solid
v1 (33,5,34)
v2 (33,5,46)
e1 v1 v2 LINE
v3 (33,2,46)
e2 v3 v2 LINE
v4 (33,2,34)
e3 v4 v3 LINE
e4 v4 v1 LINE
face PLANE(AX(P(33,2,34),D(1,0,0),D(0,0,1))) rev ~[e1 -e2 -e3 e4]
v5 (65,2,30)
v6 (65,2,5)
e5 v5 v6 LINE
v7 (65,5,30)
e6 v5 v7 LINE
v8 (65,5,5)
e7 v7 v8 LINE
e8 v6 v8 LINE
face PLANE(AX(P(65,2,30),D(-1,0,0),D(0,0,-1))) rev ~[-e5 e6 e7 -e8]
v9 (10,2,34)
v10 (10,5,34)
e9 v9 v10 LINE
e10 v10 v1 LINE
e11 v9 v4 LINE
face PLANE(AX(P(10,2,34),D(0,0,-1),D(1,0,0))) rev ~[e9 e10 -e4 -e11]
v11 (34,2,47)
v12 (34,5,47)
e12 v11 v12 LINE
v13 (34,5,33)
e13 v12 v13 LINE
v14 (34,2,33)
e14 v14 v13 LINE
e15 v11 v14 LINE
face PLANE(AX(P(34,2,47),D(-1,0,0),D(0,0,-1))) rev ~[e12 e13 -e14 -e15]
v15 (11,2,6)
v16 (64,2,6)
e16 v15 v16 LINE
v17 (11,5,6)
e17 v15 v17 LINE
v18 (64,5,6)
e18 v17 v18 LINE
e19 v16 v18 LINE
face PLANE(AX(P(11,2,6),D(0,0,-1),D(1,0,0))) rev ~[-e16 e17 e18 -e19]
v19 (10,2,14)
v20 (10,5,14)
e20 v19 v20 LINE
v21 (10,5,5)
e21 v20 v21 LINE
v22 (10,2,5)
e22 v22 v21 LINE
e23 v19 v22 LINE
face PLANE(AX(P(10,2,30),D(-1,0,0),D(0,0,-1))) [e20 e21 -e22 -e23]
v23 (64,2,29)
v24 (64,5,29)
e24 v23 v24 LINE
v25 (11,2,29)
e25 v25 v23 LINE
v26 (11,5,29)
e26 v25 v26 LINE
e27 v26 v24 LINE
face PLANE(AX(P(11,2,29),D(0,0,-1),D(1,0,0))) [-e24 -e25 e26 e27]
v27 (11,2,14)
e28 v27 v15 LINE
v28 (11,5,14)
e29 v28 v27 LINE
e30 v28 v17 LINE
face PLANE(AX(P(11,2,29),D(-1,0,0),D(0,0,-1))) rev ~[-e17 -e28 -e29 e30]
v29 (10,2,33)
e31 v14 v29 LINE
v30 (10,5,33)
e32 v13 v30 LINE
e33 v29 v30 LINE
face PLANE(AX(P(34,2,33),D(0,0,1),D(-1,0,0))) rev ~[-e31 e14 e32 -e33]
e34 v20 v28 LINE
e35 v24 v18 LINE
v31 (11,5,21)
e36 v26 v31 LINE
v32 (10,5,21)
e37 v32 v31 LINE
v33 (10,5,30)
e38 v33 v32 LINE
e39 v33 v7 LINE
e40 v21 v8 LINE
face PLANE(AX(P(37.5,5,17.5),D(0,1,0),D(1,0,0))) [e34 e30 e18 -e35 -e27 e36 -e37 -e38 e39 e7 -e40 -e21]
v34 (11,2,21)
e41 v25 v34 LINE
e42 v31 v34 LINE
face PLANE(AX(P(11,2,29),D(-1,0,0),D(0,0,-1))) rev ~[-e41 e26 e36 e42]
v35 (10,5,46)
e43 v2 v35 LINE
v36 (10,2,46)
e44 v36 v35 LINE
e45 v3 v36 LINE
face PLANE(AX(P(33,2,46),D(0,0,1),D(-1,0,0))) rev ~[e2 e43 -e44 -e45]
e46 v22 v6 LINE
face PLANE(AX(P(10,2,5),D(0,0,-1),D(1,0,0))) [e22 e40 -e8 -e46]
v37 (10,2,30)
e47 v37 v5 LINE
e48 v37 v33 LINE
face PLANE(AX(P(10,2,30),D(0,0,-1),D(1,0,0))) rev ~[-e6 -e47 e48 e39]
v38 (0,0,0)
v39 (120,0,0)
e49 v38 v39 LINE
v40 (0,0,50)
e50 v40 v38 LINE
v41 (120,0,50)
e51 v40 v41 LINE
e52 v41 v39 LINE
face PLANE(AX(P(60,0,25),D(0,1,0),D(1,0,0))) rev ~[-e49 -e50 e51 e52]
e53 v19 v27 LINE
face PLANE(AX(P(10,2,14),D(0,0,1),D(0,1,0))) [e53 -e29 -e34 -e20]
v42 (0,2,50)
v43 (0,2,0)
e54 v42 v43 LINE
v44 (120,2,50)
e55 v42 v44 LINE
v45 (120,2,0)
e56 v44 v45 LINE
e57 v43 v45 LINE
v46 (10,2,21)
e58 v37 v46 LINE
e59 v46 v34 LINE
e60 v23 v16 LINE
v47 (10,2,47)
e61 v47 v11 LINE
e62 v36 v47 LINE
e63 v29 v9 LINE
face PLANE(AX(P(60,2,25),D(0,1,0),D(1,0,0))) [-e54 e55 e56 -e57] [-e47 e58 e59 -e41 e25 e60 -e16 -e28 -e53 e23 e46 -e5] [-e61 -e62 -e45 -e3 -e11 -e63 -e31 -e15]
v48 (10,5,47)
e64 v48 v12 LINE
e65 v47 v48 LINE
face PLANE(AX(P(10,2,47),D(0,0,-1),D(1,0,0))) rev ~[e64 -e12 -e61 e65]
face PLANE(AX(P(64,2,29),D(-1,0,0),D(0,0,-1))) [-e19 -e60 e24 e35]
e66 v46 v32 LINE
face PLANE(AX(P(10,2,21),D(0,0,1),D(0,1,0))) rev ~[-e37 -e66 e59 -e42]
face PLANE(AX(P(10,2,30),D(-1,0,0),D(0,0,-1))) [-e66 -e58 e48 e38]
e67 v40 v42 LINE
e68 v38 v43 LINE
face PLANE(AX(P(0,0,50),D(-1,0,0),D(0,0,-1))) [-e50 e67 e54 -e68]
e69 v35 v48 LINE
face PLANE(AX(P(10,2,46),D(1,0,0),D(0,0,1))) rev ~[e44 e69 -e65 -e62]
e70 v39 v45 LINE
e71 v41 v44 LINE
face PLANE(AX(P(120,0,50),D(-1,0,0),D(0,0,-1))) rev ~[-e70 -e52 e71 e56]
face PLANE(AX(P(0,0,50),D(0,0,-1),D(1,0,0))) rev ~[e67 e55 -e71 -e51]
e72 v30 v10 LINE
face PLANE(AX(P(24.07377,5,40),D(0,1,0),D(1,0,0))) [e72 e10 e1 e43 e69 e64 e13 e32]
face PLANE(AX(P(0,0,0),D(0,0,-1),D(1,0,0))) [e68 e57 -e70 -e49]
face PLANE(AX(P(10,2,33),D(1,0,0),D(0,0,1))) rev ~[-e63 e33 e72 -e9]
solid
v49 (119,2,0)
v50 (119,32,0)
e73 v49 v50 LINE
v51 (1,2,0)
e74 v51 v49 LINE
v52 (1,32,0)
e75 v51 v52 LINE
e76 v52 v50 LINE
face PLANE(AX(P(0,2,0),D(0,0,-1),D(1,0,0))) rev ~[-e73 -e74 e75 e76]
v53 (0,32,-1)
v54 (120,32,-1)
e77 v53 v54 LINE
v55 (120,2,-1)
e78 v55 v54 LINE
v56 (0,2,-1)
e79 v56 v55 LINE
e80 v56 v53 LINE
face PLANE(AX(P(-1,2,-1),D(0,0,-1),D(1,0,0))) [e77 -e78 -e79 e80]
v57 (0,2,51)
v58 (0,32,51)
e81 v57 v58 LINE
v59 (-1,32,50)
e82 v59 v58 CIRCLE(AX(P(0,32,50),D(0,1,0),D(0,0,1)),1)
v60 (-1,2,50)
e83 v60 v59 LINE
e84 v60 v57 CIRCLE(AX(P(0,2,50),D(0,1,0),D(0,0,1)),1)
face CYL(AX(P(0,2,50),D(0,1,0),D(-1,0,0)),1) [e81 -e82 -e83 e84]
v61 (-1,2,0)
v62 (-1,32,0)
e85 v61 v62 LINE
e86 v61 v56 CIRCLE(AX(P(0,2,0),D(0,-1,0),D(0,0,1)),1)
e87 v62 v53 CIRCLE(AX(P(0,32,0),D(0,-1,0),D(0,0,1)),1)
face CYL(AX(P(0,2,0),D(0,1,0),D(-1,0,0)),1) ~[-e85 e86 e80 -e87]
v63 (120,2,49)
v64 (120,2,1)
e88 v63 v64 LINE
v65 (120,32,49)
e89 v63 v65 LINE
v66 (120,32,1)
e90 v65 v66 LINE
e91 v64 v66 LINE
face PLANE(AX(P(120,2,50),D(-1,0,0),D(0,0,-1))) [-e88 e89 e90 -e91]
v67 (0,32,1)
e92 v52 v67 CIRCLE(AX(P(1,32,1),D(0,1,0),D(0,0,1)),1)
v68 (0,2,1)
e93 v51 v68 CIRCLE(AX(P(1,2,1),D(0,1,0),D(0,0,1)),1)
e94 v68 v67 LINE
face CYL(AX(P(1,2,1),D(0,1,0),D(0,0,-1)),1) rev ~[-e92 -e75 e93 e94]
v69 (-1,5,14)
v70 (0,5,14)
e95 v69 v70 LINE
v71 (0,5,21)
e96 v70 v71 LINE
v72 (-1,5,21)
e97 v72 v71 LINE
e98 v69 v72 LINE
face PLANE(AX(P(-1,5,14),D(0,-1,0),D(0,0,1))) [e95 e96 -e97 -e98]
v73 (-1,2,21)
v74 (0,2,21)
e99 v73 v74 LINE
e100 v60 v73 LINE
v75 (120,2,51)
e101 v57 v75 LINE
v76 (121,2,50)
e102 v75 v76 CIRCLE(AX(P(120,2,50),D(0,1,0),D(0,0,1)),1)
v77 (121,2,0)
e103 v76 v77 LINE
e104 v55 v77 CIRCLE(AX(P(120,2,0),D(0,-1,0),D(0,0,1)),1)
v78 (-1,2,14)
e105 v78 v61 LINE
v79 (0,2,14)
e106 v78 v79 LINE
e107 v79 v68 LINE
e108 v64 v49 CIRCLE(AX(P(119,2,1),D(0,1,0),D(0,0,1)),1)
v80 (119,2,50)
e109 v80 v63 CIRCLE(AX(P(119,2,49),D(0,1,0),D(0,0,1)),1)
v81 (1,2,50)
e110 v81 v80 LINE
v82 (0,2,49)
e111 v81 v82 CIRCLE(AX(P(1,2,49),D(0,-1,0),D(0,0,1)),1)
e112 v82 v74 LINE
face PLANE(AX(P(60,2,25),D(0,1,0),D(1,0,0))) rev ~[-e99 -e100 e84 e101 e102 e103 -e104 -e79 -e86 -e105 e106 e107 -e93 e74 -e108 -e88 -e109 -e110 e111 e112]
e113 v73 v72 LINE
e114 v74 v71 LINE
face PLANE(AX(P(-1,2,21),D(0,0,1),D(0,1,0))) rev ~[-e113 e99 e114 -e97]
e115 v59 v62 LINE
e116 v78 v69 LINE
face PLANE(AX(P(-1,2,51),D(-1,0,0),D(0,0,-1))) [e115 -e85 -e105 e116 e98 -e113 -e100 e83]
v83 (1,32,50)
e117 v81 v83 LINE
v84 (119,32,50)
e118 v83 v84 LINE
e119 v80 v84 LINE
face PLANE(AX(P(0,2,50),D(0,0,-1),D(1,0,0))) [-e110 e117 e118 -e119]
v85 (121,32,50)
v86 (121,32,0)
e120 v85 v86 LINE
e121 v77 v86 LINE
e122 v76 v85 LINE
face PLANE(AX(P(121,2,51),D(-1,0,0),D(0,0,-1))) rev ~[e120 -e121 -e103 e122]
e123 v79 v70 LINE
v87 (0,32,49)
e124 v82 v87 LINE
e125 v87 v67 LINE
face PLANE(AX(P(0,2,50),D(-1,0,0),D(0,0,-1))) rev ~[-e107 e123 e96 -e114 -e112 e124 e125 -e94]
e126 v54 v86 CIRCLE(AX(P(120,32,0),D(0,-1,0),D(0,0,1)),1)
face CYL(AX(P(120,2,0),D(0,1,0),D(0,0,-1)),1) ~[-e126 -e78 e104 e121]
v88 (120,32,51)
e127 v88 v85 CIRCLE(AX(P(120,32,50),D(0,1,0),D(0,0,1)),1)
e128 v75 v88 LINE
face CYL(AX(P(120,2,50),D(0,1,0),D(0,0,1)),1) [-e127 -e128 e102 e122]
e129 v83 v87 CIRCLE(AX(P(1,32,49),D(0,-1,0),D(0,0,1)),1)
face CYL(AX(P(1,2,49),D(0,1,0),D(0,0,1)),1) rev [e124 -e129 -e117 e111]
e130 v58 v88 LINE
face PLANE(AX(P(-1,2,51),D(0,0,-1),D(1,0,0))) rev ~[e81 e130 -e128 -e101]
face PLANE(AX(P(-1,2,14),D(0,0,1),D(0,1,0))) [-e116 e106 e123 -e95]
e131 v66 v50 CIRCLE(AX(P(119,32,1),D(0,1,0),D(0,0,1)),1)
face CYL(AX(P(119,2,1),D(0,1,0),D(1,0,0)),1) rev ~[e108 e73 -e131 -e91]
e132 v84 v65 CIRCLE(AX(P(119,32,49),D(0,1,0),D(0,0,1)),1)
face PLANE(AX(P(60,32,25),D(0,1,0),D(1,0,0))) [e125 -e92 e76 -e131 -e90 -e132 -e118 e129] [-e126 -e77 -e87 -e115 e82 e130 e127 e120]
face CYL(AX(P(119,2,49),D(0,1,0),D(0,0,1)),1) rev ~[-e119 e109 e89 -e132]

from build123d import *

# Parameters (mm, degrees)
SKETCH_1_W          = 120
SKETCH_1_H          = 50
EXTRUDE_1_DEPTH     = 2
SKETCH_2_W          = 55
SKETCH_2_H          = 25
SKETCH_2_W_2        = 53
SKETCH_2_H_2        = 23
EXTRUDE_1_2_DEPTH   = 3
EXTRUDE_2_DEPTH     = 3
CUT_EXTRUDE_1_REACH = 122.934
SKETCH_4_W          = 7
SKETCH_4_H          = 3
SKETCH_5_W          = 122
SKETCH_5_H          = 52
SKETCH_5_W_2        = 120
SKETCH_5_H_2        = 50
EXTRUDE_3_DEPTH     = 30
FILLET_1_R          = 1
SKETCH_6_W          = 7
SKETCH_6_H          = 3
CUT_EXTRUDE_2_DEPTH = 1


with BuildPart() as part:
    # 草图1 → Extrude 1 (new body)
    with BuildSketch(Plane(origin=(0, 0, 0), x_dir=(1, 0, 0), z_dir=(0, 1, 0))):
        with Locations((60, -25)):
            Rectangle(SKETCH_1_W, SKETCH_1_H)
    extrude(amount=EXTRUDE_1_DEPTH)

    # 草图2 → Extrude 1 2 (add)
    with BuildSketch(Plane(origin=(0, 2, 0), x_dir=(1, 0, 0), z_dir=(0, 1, 0))):
        with Locations((37.5, -17.5)):
            Rectangle(SKETCH_2_W, SKETCH_2_H)
        with Locations((37.5, -17.5)):
            Rectangle(SKETCH_2_W_2, SKETCH_2_H_2, mode=Mode.SUBTRACT)
    extrude(amount=EXTRUDE_1_2_DEPTH)

    # 草图3 → 拉伸-薄壁2 (add)
    with BuildSketch(Plane(origin=(0, 2, 0), x_dir=(1, 0, 0), z_dir=(0, 1, 0))):
        Polygon((10, -34), (33, -34), (33, -46), (10, -46), (10, -47), (34, -47), (34, -33), (10, -33), align=None)
    extrude(amount=EXTRUDE_2_DEPTH)

    # 草图4 → 切除-拉伸1 (cut, up to next)
    with BuildSketch(Plane.ZY.offset(-10), mode=Mode.PRIVATE) as cut_extrude_1_sk1:
        with Locations((17.5, 3.5)):
            Rectangle(SKETCH_4_W, SKETCH_4_H)
    cut_extrude_1_tool1 = extrude(cut_extrude_1_sk1.sketch, amount=-CUT_EXTRUDE_1_REACH, mode=Mode.PRIVATE) & part.part
    add(cut_extrude_1_tool1.solids().sort_by_distance((10, 3.5, 17.5))[0], mode=Mode.SUBTRACT)


with BuildPart() as body_2:
    # 草图5 → 拉伸-薄壁3 (new body)
    with BuildSketch(Plane(origin=(0, 2, 0), x_dir=(1, 0, 0), z_dir=(0, 1, 0))):
        with Locations((60, -25)):
            Rectangle(SKETCH_5_W, SKETCH_5_H)
        with Locations((60, -25)):
            Rectangle(SKETCH_5_W_2, SKETCH_5_H_2, mode=Mode.SUBTRACT)
    extrude(amount=EXTRUDE_3_DEPTH)

    # 圆角1
    fillet_1_edges = [body_2.edges().sort_by_distance(p)[0] for p in [
        (120, 17, 50),
        (120, 17, 0),
        (0, 17, 0),
        (0, 17, 50),
        (121, 17, 51),
        (-1, 17, 51),
        (-1, 17, -1),
        (121, 17, -1),
    ]]
    fillet(fillet_1_edges, radius=FILLET_1_R)

    # 草图6 → 切除-拉伸2 (cut)
    with BuildSketch(Plane.ZY.offset(1)):
        with Locations((17.5, 3.5)):
            Rectangle(SKETCH_6_W, SKETCH_6_H)
    extrude(amount=-CUT_EXTRUDE_2_DEPTH, mode=Mode.SUBTRACT)


solid = Compound([part.part, body_2.part])
